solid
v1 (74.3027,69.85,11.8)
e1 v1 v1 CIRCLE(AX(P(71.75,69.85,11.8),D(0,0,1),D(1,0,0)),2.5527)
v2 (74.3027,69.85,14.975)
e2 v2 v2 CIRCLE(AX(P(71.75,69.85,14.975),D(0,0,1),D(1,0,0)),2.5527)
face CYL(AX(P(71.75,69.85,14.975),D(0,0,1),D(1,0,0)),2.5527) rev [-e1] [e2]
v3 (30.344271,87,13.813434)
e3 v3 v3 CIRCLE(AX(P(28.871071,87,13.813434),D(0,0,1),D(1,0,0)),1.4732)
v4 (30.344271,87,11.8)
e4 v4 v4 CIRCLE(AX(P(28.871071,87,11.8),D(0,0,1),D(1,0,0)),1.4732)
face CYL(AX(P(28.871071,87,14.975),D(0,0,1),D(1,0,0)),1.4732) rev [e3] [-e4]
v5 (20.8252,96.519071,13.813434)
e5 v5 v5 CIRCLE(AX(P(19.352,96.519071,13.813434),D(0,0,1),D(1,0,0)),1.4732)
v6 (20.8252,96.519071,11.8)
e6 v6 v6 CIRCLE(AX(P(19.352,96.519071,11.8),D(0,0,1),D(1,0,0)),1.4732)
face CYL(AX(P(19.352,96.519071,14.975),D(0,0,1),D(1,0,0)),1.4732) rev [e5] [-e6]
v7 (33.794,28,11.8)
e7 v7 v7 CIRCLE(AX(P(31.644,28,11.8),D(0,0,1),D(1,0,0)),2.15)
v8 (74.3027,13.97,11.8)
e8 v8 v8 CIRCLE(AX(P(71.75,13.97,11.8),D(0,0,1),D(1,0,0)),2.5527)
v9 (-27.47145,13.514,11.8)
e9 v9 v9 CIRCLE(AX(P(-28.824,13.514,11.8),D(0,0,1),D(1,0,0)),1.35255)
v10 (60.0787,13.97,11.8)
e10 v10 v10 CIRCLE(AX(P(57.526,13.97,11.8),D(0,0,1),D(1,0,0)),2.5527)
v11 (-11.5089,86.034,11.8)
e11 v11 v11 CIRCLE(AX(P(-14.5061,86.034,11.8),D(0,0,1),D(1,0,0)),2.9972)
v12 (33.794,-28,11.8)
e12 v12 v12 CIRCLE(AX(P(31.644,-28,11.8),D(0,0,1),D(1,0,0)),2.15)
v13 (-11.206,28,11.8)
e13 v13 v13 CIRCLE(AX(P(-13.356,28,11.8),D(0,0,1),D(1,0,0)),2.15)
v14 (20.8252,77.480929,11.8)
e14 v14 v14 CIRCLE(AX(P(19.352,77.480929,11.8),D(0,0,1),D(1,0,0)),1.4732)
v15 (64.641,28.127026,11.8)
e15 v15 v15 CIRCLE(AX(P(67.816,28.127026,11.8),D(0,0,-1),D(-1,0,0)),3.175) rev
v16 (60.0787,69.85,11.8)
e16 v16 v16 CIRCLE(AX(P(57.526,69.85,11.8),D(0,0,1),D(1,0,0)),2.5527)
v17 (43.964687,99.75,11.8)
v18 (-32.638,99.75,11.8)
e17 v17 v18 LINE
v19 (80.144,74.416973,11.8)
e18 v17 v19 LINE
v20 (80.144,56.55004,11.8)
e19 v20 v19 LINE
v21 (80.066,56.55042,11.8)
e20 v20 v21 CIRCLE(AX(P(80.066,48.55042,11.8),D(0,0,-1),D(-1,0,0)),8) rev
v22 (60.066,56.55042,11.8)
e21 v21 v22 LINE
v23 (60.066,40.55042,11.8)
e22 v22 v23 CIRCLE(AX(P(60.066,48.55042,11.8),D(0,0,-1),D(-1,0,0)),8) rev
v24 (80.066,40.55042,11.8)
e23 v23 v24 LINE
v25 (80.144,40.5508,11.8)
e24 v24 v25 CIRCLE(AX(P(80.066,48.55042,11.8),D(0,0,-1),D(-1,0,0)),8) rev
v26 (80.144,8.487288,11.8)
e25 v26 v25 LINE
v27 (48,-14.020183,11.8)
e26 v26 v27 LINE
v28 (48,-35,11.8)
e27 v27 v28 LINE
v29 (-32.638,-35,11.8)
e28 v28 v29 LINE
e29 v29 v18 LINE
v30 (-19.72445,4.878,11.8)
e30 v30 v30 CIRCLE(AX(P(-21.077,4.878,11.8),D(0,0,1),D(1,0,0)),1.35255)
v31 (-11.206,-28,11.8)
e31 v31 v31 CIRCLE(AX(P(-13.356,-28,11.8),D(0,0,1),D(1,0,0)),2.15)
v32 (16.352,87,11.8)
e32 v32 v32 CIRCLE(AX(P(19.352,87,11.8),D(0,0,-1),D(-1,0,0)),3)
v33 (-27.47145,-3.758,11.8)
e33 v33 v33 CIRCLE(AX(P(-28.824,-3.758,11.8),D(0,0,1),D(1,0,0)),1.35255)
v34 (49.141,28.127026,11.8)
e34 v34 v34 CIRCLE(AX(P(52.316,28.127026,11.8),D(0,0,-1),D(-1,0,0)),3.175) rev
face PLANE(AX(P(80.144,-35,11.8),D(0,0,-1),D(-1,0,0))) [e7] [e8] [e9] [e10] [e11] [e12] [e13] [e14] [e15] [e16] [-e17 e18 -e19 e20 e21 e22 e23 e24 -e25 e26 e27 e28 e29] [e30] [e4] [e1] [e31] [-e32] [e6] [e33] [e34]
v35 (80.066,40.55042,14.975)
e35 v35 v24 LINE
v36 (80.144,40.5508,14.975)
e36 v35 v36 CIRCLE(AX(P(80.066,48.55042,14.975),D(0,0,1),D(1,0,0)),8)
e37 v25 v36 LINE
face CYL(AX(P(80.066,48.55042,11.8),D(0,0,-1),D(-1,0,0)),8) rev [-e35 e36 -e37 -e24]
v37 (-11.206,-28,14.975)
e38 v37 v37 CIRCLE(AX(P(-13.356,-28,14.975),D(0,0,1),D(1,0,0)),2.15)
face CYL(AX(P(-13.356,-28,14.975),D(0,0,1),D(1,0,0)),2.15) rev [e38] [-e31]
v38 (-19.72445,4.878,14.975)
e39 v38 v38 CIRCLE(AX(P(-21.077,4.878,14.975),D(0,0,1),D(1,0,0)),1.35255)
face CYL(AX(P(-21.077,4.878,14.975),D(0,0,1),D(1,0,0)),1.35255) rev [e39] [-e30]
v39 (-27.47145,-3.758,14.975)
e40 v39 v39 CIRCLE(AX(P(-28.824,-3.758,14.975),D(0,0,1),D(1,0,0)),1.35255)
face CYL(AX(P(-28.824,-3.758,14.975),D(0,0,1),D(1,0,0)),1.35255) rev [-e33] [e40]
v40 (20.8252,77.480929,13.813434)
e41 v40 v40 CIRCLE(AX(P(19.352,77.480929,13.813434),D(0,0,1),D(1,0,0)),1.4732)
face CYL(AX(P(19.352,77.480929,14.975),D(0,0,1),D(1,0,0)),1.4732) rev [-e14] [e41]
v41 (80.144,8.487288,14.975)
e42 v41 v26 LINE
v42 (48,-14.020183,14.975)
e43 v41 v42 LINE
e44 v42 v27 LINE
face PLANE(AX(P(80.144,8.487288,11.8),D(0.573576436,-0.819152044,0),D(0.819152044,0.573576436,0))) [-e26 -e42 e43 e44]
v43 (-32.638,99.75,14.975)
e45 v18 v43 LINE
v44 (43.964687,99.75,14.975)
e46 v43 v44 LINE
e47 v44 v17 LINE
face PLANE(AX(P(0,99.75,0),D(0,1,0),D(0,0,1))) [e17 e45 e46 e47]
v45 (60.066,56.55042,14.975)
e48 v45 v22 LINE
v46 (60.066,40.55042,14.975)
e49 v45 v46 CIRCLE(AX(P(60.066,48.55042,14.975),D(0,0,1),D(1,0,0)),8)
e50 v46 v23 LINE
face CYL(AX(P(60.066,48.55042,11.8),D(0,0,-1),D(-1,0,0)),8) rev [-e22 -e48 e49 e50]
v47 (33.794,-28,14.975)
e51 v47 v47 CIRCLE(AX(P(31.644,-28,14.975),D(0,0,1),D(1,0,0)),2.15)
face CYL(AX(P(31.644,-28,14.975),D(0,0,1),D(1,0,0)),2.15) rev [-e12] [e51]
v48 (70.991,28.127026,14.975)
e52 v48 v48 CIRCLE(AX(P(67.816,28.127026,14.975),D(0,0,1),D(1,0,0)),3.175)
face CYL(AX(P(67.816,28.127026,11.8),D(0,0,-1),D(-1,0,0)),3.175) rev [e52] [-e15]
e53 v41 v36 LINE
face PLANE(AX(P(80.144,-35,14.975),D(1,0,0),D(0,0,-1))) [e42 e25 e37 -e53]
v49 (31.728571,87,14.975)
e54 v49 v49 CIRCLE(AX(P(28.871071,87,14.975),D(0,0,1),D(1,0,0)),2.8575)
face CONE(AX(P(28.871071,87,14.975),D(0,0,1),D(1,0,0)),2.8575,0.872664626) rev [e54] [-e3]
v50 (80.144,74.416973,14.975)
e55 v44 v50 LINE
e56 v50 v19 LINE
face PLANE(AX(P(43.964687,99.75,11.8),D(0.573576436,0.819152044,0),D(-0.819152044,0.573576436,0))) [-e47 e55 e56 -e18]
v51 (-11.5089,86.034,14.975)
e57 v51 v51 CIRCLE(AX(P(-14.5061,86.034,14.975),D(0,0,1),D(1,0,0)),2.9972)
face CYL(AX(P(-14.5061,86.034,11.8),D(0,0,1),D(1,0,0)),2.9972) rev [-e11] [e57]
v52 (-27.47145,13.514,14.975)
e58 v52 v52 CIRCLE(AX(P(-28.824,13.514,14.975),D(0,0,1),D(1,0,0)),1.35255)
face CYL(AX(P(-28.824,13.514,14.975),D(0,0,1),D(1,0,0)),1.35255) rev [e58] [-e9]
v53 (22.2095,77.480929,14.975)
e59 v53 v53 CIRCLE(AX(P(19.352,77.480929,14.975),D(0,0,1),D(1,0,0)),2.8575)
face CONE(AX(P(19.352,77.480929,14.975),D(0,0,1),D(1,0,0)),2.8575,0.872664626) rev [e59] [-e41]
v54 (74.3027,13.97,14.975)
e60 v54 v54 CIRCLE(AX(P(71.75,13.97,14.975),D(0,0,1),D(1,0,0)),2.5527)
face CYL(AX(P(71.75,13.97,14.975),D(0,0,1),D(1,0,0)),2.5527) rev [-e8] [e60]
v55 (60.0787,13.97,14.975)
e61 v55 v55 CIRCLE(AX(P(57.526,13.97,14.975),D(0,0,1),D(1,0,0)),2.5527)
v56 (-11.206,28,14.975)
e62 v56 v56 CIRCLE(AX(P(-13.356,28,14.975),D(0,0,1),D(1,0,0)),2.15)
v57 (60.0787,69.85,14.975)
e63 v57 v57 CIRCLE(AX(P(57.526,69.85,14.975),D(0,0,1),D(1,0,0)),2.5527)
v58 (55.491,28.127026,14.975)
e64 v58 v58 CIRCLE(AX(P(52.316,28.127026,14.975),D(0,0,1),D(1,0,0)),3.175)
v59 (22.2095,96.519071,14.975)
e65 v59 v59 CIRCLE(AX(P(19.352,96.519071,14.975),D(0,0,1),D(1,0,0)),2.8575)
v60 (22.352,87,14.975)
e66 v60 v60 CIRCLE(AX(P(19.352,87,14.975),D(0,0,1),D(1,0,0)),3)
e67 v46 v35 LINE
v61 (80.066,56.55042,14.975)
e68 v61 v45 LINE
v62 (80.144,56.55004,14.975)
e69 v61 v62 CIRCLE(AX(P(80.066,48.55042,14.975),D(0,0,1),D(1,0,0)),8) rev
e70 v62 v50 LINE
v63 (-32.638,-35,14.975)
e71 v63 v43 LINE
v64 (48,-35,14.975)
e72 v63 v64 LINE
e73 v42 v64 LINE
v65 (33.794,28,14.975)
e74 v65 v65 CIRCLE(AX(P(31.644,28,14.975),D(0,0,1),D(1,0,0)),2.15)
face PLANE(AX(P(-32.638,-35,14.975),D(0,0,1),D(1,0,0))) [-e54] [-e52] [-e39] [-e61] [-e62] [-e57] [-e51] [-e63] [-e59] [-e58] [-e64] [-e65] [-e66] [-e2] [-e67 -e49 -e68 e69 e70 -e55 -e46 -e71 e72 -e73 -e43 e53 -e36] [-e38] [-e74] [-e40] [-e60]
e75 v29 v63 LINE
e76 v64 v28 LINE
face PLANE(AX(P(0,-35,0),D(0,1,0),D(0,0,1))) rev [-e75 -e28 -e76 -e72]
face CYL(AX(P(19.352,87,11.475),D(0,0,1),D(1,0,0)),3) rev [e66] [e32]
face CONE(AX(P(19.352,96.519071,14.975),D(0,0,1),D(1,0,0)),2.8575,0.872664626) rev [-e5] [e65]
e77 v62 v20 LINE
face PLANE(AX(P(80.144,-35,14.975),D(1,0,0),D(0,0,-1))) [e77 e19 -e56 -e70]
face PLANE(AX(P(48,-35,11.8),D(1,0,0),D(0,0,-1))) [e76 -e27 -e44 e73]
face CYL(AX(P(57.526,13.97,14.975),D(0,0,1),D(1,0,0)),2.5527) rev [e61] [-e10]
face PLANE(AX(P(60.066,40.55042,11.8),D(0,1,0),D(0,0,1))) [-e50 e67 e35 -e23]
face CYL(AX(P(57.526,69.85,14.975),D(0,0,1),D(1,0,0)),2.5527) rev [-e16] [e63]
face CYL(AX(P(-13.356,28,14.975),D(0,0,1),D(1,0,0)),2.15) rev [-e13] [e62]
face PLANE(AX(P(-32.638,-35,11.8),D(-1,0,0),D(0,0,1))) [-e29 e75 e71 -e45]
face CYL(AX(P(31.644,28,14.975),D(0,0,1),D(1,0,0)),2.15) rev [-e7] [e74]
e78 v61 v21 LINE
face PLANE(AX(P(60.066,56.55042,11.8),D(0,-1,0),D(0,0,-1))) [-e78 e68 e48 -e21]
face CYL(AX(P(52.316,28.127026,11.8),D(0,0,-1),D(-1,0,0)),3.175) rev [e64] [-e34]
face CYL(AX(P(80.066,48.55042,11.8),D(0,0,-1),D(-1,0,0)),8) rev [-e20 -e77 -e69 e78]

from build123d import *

# Parameters (mm, degrees)
SKETCH1_W                                         = 112.782
SKETCH1_H                                         = 3.175
BOSS_EXTRUDE1_DEPTH                               = 99.75
BOSS_EXTRUDE1_DEPTH_BACK                          = 35
SKETCH2_R                                         = 3.175
CUT_EXTRUDE1_DEPTH                                = 15.975
CUT_EXTRUDE1_DEPTH_BACK                           = 1
M4_CLEARANCE_HOLE1_D                              = 4.3
CSK_FOR_4_FLAT_HEAD_MACHINE_SCREW_100_D           = 2.9464
CSK_FOR_4_FLAT_HEAD_MACHINE_SCREW_100_CSINK_D     = 5.715
CSK_FOR_4_FLAT_HEAD_MACHINE_SCREW_100_CSINK_ANGLE = 100
SKETCH8_R                                         = 3
CUT_EXTRUDE3_DEPTH                                = 3.5
F_6_32_TAPPED_HOLE1_D                             = 2.7051
F_1_4_20_TAPPED_HOLE1_D                           = 5.1054
SKETCH16_R                                        = 2.9972
CUT_EXTRUDE4_DEPTH                                = 4.175


with BuildPart() as part:
    # Sketch1 → Boss-Extrude1 (new body, two sides)
    with BuildSketch(Plane(origin=(0, 0, 0), x_dir=(1, 0, 0), z_dir=(0, 1, 0))) as boss_extrude1_sk:
        with Locations((23.753, -13.3875)):
            Rectangle(SKETCH1_W, SKETCH1_H)
    extrude(amount=BOSS_EXTRUDE1_DEPTH)
    extrude(boss_extrude1_sk.sketch, amount=-BOSS_EXTRUDE1_DEPTH_BACK)

    # Sketch2 → Cut-Extrude1 (cut, two sides)
    with BuildSketch(Plane.XY) as cut_extrude1_sk:
        with Locations((52.316, 28.127026218)):
            Circle(SKETCH2_R)
        with Locations((67.816, 28.127026218)):
            Circle(SKETCH2_R)
        Polygon((48, -35), (80.144, -35), (80.144, 8.487287802), (48, -14.020183306), align=None)
        with BuildLine():
            Line((60.066, 56.550419976), (80.066, 56.550419976))
            ThreePointArc((80.066, 56.550419976), (88.066, 48.550419976), (80.066, 40.550419976))
            Line((80.066, 40.550419976), (60.066, 40.550419976))
            ThreePointArc((60.066, 40.550419976), (52.066, 48.550419976), (60.066, 56.550419976))
        make_face()
        Polygon((43.964687276, 99.75), (80.144, 74.416972504), (80.144, 99.75), align=None)
    extrude(amount=CUT_EXTRUDE1_DEPTH, mode=Mode.SUBTRACT)
    extrude(cut_extrude1_sk.sketch, amount=-CUT_EXTRUDE1_DEPTH_BACK, mode=Mode.SUBTRACT)

    # M4 Clearance Hole1 (through all)
    with Locations(Plane.XY.offset(14.975)):
        with Locations((-13.356, 28), (31.644, 28), (31.644, -28), (-13.356, -28)):
            Hole(M4_CLEARANCE_HOLE1_D / 2)

    # CSK for #4 Flat Head Machine Screw (100)1 (through all)
    with Locations(Plane.XY.offset(14.975)):
        with Locations((19.352, 96.519071488), (28.871071488, 87), (19.352, 77.480928512)):
            CounterSinkHole(CSK_FOR_4_FLAT_HEAD_MACHINE_SCREW_100_D / 2, CSK_FOR_4_FLAT_HEAD_MACHINE_SCREW_100_CSINK_D / 2, counter_sink_angle=CSK_FOR_4_FLAT_HEAD_MACHINE_SCREW_100_CSINK_ANGLE)

    # Sketch8 → Cut-Extrude3 (cut)
    with BuildSketch(Plane.XY.offset(14.975)):
        with Locations((19.352, 87)):
            Circle(SKETCH8_R)
    extrude(amount=-CUT_EXTRUDE3_DEPTH, mode=Mode.SUBTRACT)

    # #6-32 Tapped Hole1 (through all)
    with Locations(Plane.XY.offset(14.975)):
        with Locations((-28.824, -3.758), (-21.077, 4.878), (-28.824, 13.514)):
            Hole(F_6_32_TAPPED_HOLE1_D / 2)

    # 1/4-20 Tapped Hole1 (through all)
    with Locations(Plane.XY.offset(14.975)):
        with Locations((57.526, 13.97), (71.75, 13.97), (71.75, 69.85), (57.526, 69.85)):
            Hole(F_1_4_20_TAPPED_HOLE1_D / 2)

    # Sketch16 → Cut-Extrude4 (cut, through all)
    with BuildSketch(Plane.XY.offset(14.975)):
        with Locations((-14.5061, 86.034)):
            Circle(SKETCH16_R)
    extrude(amount=-CUT_EXTRUDE4_DEPTH, mode=Mode.SUBTRACT)


solid = part.part
